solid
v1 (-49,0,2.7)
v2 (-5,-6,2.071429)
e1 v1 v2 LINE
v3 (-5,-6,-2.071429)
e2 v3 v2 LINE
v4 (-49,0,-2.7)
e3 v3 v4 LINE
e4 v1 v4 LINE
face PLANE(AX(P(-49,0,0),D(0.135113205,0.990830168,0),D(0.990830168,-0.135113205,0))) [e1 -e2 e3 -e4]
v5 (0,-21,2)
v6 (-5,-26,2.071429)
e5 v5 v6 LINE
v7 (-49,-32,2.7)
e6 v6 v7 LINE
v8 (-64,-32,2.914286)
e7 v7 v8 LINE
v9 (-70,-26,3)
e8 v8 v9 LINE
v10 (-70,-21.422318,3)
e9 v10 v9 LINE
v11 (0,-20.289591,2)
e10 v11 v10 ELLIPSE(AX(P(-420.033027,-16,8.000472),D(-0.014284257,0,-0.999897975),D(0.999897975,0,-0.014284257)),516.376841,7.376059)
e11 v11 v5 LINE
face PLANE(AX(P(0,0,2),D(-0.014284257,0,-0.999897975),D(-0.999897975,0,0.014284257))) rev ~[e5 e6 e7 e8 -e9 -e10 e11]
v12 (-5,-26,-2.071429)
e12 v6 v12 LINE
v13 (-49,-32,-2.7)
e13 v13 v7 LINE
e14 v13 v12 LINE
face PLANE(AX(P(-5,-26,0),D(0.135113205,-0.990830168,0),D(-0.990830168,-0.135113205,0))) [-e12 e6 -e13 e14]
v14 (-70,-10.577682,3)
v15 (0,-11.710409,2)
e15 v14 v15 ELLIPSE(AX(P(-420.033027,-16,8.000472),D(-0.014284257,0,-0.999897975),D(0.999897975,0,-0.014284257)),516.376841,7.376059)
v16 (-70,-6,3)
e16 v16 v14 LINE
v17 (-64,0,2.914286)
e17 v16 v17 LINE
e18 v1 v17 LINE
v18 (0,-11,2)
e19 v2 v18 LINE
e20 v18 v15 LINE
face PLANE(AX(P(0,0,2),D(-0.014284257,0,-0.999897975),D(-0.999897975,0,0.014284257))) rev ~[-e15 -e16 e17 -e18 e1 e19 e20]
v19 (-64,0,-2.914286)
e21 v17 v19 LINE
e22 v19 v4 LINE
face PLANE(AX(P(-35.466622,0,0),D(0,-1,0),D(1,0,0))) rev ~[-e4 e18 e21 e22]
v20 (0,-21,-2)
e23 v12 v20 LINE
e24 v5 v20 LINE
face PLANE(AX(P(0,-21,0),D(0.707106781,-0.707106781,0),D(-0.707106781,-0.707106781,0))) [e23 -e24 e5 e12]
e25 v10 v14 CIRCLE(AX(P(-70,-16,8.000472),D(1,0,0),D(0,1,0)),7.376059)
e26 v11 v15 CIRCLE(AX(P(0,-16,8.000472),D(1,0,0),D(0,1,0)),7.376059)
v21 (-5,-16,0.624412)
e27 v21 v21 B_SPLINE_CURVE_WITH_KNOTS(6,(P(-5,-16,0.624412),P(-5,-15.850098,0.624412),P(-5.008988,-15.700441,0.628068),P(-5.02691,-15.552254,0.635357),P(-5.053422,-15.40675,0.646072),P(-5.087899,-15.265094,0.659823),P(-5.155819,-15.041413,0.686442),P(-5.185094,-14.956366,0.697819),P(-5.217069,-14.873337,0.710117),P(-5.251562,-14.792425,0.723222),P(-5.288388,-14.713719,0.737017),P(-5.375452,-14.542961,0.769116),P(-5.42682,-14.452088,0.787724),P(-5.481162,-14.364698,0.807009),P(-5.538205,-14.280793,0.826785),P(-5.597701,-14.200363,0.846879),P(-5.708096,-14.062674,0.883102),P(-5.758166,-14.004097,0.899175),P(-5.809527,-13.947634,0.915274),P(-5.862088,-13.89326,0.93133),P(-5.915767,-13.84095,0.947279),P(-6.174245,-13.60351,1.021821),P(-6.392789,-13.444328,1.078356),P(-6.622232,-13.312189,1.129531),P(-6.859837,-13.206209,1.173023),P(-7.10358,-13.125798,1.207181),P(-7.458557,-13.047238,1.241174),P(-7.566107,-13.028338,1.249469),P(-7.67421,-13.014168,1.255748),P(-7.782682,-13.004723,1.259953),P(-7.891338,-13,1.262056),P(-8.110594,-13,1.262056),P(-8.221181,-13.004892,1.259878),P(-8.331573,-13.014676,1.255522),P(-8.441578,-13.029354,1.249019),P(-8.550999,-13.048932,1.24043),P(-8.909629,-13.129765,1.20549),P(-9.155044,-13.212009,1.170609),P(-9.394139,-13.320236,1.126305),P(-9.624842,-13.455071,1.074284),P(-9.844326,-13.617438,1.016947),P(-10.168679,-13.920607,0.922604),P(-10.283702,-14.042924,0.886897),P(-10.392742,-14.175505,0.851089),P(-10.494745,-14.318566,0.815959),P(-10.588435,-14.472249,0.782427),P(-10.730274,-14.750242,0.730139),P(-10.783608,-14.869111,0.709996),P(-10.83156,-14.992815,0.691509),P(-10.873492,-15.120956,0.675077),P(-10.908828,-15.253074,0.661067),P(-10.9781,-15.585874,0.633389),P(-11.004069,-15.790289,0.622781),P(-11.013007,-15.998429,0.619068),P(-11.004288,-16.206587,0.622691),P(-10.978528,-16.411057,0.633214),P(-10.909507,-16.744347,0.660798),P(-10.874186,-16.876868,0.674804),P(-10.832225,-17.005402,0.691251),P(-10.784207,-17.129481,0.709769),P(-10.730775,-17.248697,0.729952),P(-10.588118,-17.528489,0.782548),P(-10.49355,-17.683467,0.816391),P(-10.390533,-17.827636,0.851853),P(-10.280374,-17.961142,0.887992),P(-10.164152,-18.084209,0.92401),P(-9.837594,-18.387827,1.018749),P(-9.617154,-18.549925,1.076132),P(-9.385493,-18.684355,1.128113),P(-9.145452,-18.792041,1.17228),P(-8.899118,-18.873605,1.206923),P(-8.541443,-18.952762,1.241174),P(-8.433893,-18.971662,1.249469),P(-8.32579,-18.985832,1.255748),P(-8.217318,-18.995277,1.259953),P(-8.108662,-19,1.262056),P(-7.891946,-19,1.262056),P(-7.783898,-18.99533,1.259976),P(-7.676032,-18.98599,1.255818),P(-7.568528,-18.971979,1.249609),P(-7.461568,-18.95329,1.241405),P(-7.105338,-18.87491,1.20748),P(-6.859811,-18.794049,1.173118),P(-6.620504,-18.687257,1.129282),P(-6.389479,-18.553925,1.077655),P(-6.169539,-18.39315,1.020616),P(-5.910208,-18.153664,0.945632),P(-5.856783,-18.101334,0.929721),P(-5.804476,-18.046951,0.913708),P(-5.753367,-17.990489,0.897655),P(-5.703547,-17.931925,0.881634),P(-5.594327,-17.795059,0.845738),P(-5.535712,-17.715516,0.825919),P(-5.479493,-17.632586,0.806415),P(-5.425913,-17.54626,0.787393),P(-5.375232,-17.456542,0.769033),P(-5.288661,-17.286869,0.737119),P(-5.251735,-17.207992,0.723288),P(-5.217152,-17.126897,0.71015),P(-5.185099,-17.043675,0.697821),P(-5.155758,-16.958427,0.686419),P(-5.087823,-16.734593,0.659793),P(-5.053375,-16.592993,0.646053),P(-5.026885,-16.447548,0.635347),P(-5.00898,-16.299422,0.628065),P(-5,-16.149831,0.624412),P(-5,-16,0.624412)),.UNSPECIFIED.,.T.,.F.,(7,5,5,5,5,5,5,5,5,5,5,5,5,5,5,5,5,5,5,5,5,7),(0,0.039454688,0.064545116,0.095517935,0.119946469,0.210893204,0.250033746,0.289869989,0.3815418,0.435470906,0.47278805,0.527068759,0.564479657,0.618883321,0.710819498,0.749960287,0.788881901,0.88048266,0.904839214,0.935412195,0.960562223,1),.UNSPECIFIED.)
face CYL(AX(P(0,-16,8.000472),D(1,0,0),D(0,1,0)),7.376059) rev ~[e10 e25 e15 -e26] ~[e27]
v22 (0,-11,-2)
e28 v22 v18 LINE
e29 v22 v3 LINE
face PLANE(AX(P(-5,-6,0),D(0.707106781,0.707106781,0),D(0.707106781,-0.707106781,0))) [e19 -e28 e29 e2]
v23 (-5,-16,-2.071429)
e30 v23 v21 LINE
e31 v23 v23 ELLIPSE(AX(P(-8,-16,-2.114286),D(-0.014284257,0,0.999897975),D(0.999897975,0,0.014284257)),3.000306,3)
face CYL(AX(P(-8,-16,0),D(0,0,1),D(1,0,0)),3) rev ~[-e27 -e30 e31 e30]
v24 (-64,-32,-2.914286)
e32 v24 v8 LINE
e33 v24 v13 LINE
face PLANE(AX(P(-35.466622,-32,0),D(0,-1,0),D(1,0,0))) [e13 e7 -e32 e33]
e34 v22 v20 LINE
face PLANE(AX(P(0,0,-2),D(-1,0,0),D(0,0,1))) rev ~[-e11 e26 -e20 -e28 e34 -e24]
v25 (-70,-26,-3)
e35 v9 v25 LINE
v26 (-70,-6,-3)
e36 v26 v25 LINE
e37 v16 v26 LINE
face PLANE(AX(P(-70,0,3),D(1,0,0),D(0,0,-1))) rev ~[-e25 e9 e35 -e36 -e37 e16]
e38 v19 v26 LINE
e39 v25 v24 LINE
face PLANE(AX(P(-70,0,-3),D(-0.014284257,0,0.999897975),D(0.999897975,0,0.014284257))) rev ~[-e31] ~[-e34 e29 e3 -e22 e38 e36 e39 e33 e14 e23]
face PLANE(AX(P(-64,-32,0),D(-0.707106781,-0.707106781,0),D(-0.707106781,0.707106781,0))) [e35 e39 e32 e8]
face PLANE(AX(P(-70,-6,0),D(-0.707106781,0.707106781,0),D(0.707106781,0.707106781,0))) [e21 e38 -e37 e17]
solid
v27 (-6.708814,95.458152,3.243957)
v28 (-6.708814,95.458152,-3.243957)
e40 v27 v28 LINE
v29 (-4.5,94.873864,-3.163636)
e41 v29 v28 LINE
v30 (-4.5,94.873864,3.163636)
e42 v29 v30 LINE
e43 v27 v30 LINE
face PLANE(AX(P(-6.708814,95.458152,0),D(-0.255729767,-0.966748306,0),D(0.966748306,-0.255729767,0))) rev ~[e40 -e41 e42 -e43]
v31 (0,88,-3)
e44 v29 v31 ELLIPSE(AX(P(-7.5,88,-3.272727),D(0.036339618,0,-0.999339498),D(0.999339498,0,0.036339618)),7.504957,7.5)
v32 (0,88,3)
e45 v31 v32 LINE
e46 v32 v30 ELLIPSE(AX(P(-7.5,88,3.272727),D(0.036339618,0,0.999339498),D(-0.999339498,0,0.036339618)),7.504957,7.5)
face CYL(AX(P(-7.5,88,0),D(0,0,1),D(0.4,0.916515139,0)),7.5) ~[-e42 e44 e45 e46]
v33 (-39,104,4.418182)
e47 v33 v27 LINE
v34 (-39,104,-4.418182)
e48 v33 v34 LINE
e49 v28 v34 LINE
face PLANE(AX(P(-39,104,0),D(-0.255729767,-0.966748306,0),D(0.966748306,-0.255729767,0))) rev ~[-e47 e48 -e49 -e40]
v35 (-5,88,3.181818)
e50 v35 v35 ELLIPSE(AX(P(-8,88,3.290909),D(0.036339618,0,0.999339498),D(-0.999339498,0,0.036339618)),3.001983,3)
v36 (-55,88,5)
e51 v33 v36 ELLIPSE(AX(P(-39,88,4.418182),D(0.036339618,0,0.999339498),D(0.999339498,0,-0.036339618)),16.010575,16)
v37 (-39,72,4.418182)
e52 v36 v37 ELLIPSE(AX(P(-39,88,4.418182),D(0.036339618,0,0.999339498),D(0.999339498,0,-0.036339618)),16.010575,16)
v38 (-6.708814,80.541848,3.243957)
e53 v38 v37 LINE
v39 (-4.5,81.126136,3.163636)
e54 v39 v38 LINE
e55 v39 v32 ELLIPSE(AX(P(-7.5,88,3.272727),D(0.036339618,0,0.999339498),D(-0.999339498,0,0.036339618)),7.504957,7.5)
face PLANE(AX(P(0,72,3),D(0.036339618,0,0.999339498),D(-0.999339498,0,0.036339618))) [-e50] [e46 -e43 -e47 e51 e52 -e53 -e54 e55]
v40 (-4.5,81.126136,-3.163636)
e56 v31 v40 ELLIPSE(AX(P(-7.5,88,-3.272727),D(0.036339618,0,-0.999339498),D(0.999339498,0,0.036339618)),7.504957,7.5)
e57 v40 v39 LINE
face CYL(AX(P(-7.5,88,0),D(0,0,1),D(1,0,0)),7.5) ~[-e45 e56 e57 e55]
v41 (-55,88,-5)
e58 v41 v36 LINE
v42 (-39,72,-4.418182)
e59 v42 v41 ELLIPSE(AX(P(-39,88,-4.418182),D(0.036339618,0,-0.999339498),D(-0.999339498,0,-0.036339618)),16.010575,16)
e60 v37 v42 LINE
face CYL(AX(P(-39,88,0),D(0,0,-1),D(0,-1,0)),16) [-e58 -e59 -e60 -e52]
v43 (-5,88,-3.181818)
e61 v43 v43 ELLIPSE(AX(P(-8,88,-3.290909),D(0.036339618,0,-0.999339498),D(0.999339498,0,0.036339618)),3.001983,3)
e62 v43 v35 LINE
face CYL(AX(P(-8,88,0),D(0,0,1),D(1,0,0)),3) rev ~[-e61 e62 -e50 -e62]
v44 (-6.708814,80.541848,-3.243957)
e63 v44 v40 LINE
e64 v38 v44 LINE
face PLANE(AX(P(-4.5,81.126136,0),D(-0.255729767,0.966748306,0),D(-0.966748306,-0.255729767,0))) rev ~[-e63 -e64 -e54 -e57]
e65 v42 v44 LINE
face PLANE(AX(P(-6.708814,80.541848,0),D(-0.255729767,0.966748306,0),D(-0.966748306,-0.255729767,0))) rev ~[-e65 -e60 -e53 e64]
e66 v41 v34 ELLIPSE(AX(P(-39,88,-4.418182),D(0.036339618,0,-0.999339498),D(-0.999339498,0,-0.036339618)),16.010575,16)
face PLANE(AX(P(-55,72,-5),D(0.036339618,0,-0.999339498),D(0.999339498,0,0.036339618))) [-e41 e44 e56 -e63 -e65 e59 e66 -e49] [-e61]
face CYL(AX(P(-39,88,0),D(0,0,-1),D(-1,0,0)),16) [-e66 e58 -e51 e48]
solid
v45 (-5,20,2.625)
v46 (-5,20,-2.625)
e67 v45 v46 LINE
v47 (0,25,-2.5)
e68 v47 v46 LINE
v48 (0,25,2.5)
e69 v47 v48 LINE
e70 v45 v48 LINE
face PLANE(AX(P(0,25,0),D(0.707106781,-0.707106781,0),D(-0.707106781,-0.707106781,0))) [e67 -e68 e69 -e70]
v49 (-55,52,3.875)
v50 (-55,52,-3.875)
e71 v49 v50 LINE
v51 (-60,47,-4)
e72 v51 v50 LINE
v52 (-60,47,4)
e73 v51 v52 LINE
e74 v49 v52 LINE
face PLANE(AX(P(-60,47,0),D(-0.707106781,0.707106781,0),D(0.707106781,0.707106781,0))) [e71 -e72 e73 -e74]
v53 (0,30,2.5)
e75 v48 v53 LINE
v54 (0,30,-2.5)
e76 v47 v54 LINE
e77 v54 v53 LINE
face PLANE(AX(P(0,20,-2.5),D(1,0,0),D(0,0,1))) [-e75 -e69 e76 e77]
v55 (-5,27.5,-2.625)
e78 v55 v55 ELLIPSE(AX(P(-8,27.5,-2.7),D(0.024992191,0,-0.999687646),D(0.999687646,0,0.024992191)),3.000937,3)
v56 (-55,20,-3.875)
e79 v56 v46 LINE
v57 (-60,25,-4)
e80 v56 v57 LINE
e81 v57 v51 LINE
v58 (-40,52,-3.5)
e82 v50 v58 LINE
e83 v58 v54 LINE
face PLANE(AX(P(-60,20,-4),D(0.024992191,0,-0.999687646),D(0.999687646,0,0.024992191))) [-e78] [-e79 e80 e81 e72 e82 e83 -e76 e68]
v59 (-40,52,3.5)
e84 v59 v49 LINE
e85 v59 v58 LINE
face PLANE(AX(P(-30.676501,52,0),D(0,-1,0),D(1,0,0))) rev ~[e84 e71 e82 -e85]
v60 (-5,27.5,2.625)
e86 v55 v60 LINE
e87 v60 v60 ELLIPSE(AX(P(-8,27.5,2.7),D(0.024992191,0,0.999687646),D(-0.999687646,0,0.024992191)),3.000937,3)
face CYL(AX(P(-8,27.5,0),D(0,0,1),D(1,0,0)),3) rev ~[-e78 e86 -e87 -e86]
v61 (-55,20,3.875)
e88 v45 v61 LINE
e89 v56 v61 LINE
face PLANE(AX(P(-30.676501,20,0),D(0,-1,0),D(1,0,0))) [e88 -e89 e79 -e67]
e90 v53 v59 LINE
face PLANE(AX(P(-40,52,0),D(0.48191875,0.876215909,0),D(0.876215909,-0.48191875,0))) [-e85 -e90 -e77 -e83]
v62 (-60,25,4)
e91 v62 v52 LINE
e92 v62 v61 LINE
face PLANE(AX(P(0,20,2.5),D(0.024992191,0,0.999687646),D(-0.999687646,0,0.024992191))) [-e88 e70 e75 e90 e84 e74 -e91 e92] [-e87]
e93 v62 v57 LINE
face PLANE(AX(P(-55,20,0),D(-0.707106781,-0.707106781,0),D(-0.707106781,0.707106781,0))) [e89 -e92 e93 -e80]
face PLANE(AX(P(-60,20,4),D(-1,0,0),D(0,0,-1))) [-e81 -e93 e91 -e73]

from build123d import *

# Parameters (mm, degrees)
F1_DEPTH  = 32
F2_R      = 3
F3_DEPTH  = 12.5
F4_R      = 7.3760593874
F5_DEPTH  = 72.3
F8_DEPTH  = 32
F9_R      = 3
F10_DEPTH = 12.5
F13_DEPTH = 32
F15_DEPTH = 40
F16_R     = 3
F17_DEPTH = 12.5


with BuildPart() as f1:
    # F0 (on Front) → F1 (new body)
    with BuildSketch(Plane.XZ):
        Polygon((0, -2), (0, 2), (-70, 3), (-70, -3), align=None)
    extrude(amount=F1_DEPTH)

    # F2 (on Top) → F3 (cut, symmetric)
    with BuildSketch(Plane.XY):
        Polygon((-70, -32), (-64, -32), (-70, -26), align=None)
        Polygon((-5, -26), (-49, -32), (0, -32), (0, -21), align=None)
        Polygon((-49, 0), (-5, -6), (0, -11), (0, 0), align=None)
        Polygon((-64, 0), (-70, 0), (-70, -6), align=None)
        with Locations((-8, -16)):
            Circle(F2_R)
    extrude(amount=F3_DEPTH, both=True, mode=Mode.SUBTRACT)

    # F4 (on Right) → F5 (cut)
    with BuildSketch(Plane.YZ):
        with Locations((-16, 8.0004718099)):
            Circle(F4_R)
    extrude(amount=-F5_DEPTH, mode=Mode.SUBTRACT)


with BuildPart() as f8:
    # F7 (on offset) → F8 (new body)
    with BuildSketch(Plane.XZ.offset(-20)):
        Polygon((0, 2.5), (-60, 4), (-60, -4), (0, -2.5), align=None)
    extrude(amount=-F8_DEPTH)

    # F9 (on Top) → F10 (cut, symmetric)
    with BuildSketch(Plane.XY):
        Polygon((0, 20), (0, 25), (-5, 20), align=None)
        Polygon((-60, 20), (-55, 20), (-60, 25), align=None)
        Polygon((-60, 52), (-60, 47), (-55, 52), align=None)
        Polygon((-40, 52), (0, 30), (0, 52), align=None)
        with Locations((-8, 27.5)):
            Circle(F9_R)
    extrude(amount=F10_DEPTH, both=True, mode=Mode.SUBTRACT)


with BuildPart() as f13:
    # F12 (on offset) → F13 (new body)
    with BuildSketch(Plane.XZ.offset(-72)):
        Polygon((-55, -5), (0, -3), (0, 0), (0, 3), (-55, 5), align=None)
    extrude(amount=-F13_DEPTH)

    # F14 (on Top) → F15 (cut, symmetric)
    with BuildSketch(Plane.XY):
        with BuildLine():
            Line((0, 72), (0, 88))
            ThreePointArc((0, 88), (-1.225049801, 83.8920808187), (-4.5, 81.1261364576))
            Line((-4.5, 81.1261364576), (-6.7088137589, 80.5418484641))
            Line((-6.7088137589, 80.5418484641), (-39, 72))
            Line((-39, 72), (0, 72))
        make_face()
        with BuildLine():
            Line((-6.7088137589, 95.4581515359), (-4.5, 94.8738635424))
            ThreePointArc((-4.5, 94.8738635424), (-1.225049801, 92.1079191813), (0, 88))
            Line((0, 88), (0, 104))
            Line((0, 104), (-39, 104))
            Line((-39, 104), (-6.7088137589, 95.4581515359))
        make_face()
    extrude(amount=F15_DEPTH, both=True, mode=Mode.SUBTRACT)

    # F16 (on Top) → F17 (cut, symmetric)
    with BuildSketch(Plane.XY):
        with BuildLine():
            ThreePointArc((-39, 72), (-50.313708499, 76.686291501), (-55, 88))
            Line((-55, 88), (-55, 72))
            Line((-55, 72), (-39, 72))
        make_face()
        with BuildLine():
            ThreePointArc((-55, 88), (-50.313708499, 99.313708499), (-39, 104))
            Line((-39, 104), (-55, 104))
            Line((-55, 104), (-55, 88))
        make_face()
        with Locations((-8, 88)):
            Circle(F16_R)
    extrude(amount=F17_DEPTH, both=True, mode=Mode.SUBTRACT)


solid = Compound([f1.part, f8.part, f13.part])
